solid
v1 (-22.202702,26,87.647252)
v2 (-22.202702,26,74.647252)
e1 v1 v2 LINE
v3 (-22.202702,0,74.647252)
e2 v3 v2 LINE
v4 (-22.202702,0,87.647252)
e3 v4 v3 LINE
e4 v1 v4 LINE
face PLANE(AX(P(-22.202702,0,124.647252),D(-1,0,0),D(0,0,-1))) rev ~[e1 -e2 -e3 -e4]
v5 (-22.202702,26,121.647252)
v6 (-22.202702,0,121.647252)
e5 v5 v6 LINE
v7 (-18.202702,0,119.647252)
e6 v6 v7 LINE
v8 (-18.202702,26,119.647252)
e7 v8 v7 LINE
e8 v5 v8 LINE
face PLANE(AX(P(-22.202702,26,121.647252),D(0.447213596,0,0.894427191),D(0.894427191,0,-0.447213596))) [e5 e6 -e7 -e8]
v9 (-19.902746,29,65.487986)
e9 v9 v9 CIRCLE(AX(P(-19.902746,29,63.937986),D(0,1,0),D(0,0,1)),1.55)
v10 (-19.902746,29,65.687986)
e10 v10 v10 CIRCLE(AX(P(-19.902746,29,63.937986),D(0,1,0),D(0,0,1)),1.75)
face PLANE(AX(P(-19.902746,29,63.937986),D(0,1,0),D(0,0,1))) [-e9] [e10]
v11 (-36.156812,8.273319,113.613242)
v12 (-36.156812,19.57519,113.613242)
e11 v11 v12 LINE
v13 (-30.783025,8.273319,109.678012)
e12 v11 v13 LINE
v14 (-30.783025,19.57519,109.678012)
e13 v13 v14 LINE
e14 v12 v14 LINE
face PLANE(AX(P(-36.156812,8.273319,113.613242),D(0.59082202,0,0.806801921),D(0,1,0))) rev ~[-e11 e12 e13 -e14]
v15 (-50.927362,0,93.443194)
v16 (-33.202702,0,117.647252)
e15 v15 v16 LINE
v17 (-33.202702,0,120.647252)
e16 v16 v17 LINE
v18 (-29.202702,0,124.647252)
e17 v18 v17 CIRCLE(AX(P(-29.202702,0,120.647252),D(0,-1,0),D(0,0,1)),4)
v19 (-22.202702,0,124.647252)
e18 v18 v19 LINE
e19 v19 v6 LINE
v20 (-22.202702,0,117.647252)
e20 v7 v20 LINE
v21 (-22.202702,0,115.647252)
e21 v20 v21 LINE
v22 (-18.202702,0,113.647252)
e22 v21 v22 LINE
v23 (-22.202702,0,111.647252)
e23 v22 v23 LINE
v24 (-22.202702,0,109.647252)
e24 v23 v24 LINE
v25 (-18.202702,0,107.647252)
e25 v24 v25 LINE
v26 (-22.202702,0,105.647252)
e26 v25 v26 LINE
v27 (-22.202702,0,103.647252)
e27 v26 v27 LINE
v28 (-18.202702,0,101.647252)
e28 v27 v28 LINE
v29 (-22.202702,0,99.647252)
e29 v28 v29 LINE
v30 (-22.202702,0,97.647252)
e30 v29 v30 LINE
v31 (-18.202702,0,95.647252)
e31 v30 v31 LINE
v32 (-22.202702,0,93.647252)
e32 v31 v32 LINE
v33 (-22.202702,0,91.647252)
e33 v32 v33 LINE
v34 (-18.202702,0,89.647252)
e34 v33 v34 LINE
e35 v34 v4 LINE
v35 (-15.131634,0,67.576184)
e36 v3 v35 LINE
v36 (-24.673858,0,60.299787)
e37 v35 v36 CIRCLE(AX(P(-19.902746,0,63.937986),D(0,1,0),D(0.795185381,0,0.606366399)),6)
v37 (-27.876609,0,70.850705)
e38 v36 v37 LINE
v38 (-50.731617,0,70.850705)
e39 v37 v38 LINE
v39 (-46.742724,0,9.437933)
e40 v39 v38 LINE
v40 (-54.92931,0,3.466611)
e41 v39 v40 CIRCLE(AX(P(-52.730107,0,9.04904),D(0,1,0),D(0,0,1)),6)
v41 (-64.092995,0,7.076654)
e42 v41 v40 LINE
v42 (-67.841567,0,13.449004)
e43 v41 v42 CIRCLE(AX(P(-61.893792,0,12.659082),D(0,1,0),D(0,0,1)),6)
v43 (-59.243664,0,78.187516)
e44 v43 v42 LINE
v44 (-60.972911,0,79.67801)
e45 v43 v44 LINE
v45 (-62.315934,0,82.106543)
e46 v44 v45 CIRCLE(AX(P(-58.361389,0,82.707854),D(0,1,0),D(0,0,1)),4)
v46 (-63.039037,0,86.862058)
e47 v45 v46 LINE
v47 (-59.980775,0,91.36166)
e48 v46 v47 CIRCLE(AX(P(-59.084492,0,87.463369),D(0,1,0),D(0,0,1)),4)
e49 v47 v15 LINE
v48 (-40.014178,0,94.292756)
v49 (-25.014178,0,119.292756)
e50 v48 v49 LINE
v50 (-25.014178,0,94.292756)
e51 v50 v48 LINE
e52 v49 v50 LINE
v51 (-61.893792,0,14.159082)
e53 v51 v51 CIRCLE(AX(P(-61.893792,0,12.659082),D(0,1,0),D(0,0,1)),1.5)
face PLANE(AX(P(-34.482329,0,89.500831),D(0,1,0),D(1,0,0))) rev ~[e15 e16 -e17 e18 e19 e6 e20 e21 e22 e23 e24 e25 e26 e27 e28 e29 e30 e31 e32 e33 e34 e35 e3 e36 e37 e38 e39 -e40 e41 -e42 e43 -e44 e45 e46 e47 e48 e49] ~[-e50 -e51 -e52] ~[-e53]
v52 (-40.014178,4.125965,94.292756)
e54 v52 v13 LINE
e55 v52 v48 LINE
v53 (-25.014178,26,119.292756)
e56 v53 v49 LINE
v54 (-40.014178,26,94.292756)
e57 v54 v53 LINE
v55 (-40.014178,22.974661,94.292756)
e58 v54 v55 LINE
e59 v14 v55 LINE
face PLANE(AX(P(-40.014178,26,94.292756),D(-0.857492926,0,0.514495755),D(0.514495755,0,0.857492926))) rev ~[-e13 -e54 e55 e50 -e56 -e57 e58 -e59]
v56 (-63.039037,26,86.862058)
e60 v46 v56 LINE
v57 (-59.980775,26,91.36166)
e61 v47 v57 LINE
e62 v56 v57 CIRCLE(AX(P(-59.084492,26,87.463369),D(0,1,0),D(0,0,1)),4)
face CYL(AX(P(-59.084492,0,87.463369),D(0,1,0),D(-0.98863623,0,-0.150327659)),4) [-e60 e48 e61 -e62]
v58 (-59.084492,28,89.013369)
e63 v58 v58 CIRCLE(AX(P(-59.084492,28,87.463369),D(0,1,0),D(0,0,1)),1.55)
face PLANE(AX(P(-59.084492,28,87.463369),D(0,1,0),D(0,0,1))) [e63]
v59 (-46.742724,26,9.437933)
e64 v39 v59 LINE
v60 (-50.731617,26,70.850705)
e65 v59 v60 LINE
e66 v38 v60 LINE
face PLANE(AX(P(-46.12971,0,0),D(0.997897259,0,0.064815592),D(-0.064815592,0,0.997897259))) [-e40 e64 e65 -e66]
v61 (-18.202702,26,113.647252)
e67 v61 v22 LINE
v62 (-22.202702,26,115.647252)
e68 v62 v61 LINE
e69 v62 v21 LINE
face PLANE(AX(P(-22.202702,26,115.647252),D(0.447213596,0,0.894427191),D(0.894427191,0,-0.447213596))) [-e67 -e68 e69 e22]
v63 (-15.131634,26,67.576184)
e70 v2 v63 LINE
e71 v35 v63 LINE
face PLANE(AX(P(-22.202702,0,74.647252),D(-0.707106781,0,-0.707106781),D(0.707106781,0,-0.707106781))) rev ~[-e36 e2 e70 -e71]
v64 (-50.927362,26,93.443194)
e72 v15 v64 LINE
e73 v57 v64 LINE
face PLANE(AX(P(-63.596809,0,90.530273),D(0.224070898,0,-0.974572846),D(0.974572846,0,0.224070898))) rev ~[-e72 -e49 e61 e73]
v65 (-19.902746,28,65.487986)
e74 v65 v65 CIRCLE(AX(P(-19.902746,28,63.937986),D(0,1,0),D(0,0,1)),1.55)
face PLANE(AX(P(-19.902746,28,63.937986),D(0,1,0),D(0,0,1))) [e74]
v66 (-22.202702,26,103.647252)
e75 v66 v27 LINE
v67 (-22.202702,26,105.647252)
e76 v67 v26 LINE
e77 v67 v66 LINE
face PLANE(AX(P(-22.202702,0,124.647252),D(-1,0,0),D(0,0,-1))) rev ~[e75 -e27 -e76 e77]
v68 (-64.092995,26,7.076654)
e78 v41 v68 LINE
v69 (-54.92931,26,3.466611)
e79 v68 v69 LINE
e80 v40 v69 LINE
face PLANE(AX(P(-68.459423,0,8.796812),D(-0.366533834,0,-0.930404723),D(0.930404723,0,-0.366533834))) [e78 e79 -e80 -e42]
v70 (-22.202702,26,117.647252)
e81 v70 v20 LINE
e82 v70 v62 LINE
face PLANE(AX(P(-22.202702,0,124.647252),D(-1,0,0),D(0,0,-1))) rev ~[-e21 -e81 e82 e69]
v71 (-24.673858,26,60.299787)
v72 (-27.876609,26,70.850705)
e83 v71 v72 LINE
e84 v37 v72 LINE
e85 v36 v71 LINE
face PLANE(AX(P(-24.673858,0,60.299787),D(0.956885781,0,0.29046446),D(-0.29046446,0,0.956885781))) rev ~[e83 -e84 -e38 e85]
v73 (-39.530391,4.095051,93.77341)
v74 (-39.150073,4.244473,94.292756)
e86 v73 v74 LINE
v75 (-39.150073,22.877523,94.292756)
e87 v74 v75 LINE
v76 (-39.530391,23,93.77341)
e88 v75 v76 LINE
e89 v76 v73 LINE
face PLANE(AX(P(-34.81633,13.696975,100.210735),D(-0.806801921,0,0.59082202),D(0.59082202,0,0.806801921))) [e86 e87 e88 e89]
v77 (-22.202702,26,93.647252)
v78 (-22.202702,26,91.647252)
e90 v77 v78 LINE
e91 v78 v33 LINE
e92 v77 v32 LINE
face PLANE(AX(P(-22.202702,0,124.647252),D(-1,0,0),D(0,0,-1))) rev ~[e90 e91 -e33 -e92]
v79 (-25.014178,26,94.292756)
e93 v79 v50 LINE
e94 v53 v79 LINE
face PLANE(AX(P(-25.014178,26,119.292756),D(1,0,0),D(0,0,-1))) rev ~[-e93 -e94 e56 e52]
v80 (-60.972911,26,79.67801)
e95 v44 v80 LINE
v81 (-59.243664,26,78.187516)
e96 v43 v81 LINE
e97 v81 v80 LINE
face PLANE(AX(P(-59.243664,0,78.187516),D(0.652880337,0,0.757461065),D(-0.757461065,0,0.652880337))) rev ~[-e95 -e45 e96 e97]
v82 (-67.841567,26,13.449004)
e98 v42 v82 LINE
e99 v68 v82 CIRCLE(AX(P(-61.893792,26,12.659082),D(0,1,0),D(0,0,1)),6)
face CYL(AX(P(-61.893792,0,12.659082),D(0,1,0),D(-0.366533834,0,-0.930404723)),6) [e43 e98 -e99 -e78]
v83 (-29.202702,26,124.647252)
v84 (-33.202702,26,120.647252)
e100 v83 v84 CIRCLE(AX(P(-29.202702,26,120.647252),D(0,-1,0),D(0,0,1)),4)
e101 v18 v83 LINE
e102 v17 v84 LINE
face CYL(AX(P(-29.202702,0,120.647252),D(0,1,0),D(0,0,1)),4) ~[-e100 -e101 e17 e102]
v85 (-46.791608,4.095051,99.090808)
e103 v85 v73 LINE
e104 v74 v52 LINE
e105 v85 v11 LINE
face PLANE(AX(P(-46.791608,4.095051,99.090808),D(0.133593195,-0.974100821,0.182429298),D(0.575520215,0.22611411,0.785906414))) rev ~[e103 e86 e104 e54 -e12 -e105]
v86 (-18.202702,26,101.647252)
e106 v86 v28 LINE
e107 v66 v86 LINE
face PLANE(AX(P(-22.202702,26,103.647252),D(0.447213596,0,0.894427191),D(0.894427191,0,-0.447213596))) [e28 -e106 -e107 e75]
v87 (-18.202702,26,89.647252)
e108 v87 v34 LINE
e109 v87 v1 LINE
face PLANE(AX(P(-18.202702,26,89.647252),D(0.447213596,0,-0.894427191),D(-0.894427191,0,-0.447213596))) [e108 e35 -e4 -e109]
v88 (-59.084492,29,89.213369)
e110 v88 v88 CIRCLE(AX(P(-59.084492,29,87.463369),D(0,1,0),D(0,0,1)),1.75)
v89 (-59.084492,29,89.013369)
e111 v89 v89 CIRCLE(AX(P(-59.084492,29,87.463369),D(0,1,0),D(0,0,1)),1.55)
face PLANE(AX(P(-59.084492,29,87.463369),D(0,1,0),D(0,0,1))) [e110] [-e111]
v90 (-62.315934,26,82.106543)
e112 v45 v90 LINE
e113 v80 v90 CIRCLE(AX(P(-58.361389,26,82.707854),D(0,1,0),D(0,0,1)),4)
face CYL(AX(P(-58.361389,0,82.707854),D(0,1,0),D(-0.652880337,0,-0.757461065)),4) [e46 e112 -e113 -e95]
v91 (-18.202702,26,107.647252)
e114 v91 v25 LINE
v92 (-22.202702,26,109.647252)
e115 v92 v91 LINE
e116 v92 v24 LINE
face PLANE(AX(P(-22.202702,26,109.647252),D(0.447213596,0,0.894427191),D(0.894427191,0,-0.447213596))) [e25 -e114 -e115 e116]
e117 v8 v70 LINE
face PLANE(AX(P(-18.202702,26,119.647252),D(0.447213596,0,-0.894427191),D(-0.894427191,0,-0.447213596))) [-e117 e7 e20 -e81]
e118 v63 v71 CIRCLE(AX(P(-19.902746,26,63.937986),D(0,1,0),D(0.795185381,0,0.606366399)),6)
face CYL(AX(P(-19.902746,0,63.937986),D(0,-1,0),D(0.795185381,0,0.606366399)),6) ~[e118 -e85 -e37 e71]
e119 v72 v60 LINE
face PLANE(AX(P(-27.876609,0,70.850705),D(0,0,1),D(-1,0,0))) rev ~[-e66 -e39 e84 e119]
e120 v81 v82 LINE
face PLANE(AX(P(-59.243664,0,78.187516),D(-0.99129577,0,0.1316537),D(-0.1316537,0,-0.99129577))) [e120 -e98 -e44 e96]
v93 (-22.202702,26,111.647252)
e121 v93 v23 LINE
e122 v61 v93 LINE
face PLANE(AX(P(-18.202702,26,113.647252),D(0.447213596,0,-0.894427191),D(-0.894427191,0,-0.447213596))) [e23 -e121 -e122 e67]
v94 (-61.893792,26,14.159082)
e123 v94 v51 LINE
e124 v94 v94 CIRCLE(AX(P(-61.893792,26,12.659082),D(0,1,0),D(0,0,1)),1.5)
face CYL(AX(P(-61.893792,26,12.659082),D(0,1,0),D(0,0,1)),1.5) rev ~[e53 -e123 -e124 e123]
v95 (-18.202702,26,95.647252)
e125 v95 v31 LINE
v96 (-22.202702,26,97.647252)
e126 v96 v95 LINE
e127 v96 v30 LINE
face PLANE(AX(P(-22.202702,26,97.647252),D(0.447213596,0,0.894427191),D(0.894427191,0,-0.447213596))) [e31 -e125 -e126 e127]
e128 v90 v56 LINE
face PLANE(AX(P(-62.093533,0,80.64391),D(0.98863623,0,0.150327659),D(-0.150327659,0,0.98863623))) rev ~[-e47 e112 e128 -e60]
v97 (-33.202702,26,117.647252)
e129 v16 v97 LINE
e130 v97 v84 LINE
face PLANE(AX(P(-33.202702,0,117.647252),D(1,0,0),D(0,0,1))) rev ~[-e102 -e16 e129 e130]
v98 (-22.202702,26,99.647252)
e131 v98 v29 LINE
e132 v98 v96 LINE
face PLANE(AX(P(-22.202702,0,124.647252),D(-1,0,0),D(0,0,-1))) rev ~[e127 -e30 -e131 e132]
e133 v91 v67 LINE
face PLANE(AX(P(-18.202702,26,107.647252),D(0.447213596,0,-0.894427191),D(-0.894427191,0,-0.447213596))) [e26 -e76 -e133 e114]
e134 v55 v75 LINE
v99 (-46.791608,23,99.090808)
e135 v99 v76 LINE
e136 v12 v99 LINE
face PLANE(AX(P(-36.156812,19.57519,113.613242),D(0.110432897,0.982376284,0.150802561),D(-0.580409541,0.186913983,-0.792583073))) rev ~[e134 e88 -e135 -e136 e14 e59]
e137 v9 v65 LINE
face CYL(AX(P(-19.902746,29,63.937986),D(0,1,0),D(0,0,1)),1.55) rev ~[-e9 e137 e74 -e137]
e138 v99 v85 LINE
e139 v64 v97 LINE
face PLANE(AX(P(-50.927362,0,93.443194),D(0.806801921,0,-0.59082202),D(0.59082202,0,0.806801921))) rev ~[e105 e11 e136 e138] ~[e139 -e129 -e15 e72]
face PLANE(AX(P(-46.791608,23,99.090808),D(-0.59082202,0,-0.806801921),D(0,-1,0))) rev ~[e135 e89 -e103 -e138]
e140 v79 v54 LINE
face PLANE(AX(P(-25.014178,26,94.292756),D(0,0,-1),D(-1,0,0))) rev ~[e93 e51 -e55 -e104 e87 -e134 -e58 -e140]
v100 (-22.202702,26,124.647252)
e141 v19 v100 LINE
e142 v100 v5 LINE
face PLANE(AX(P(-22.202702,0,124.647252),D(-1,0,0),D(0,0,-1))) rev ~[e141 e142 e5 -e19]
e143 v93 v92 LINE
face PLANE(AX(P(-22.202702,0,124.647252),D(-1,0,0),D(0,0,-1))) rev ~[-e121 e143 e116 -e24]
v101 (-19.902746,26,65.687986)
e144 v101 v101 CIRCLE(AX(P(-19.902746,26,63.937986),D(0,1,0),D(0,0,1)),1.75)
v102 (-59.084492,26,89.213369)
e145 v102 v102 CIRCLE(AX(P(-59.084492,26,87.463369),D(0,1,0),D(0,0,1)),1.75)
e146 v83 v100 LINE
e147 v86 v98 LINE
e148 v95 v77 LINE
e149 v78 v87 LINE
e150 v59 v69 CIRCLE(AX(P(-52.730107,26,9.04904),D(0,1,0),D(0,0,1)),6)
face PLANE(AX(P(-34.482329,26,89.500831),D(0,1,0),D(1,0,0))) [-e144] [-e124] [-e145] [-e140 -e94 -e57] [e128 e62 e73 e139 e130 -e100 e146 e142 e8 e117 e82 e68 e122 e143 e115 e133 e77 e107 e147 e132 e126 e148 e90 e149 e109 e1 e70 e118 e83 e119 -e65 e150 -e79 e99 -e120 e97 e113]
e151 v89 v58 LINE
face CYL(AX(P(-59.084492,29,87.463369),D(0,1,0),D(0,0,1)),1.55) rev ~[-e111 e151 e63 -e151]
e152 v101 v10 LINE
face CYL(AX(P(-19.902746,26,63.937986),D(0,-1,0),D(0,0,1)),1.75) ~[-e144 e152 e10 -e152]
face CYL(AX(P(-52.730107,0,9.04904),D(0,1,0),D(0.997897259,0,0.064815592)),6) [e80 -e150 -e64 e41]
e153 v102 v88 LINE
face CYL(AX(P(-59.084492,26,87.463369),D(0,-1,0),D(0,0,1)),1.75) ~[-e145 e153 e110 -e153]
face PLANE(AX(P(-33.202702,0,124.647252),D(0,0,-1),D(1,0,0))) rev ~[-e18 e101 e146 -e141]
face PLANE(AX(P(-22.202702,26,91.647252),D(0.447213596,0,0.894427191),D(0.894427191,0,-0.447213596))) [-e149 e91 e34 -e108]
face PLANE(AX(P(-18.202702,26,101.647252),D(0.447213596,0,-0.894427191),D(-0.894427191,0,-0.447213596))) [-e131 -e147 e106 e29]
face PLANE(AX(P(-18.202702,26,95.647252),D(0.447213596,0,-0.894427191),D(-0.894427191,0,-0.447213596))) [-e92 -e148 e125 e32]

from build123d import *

# Parameters (mm, degrees)
BOSS_EXTRUDE1_DEPTH = 26
FILLET1_R           = 6
FILLET2_R           = 4
BOSS_EXTRUDE2_DEPTH = 26
LPATTERN1_COUNT     = 6
LPATTERN1_PITCH     = 6
CUT_EXTRUDE1_DEPTH  = 145.300050087
CUT_EXTRUDE2_DEPTH  = 9
SKETCH5_R           = 1.5
CUT_EXTRUDE3_DEPTH  = 145.300050087
SKETCH6_R           = 1.75
BOSS_EXTRUDE4_DEPTH = 3
SKETCH7_R           = 1.55
CUT_EXTRUDE4_DEPTH  = 1
SKETCH8_R           = 1.55
CUT_EXTRUDE9_DEPTH  = 1


with BuildPart() as part:
    # Sketch1 → Boss-Extrude1 (new body)
    with BuildSketch(Plane(origin=(0, 0, 0), x_dir=(1, 0, 0), z_dir=(0, 1, 0))):
        with BuildLine():
            Line((-50.731616693, -70.850705373), (-59.243664017, -78.187515911))
            Line((-59.243664017, -78.187515911), (-62.093532673, -80.643910429))
            Line((-62.093532673, -80.643910429), (-63.59680926, -90.530272728))
            Line((-63.59680926, -90.530272728), (-50.927362258, -93.443194403))
            Line((-50.927362258, -93.443194403), (-33.202701652, -117.647252046))
            Line((-33.202701652, -117.647252046), (-33.202701652, -124.647252046))
            Line((-33.202701652, -124.647252046), (-22.202701652, -124.647252046))
            Line((-22.202701652, -124.647252046), (-22.202701652, -74.647252046))
            Line((-22.202701652, -74.647252046), (-15.131633841, -67.576184234))
            ThreePointArc((-15.131633841, -67.576184234), (-16.26454773, -59.166873554), (-24.673858411, -60.299787444))
            Line((-24.673858411, -60.299787444), (-27.876609184, -70.850705373))
            Line((-27.876609184, -70.850705373), (-50.731616693, -70.850705373))
        make_face()
        Polygon((-50.731616693, -70.850705373), (-59.243664017, -78.187515911), (-68.459423033, -8.796812025), (-46.129709685, 0), align=None)
    extrude(amount=BOSS_EXTRUDE1_DEPTH)

    # Fillet1
    fillet1_edges = [part.edges().sort_by_distance(p)[0] for p in [
        (-68.459423033, 13, 8.796812025),
        (-46.129709685, 13, 0),
    ]]
    fillet(fillet1_edges, radius=FILLET1_R)

    # Fillet2
    fillet2_edges = [part.edges().sort_by_distance(p)[0] for p in [
        (-33.202701652, 13, 124.647252046),
        (-63.59680926, 13, 90.530272728),
        (-62.093532673, 13, 80.643910429),
    ]]
    fillet(fillet2_edges, radius=FILLET2_R)

    # Sketch2 → Boss-Extrude2 (add)
    with BuildSketch(Plane(origin=(0, 26, 0), x_dir=(1, 0, 0), z_dir=(0, 1, 0))):
        Polygon((-22.202701652, -119.647252046), (-22.202701652, -121.647252046), (-18.202701652, -119.647252046), align=None)
        Polygon((-22.202701652, -117.647252046), (-22.202701652, -119.647252046), (-18.202701652, -119.647252046), align=None)
    boss_extrude2 = extrude(amount=-BOSS_EXTRUDE2_DEPTH)

    # LPattern1: Boss-Extrude2 ×6
    with Locations(*[(0, 0, -i * LPATTERN1_PITCH) for i in range(1, LPATTERN1_COUNT)]):
        add(boss_extrude2)

    # Sketch3 → Cut-Extrude1 (cut, through all)
    with BuildSketch(Plane(origin=(0, 26, 0), x_dir=(1, 0, 0), z_dir=(0, 1, 0))):
        Polygon((-25.014177768, -119.292756392), (-25.014177768, -94.292756392), (-40.014177768, -94.292756392), align=None)
    extrude(amount=-CUT_EXTRUDE1_DEPTH, mode=Mode.SUBTRACT)

    # Sketch4 → Cut-Extrude2 (cut)
    with BuildSketch(Plane(origin=(-77.692274337, 0, 56.894146205), x_dir=(0.5908220201984185, 0, 0.8068019214458154), z_dir=(-0.8068019214458154, 0, 0.5908220201984185))):
        Polygon((52.301141737, 23), (52.301141737, 4.095051152), (70.301141737, 8.273318832), (70.301141737, 19.575190426), align=None)
    extrude(amount=-CUT_EXTRUDE2_DEPTH, mode=Mode.SUBTRACT)

    # Sketch5 → Cut-Extrude3 (cut, through all)
    with BuildSketch(Plane(origin=(0, 26, 0), x_dir=(1, 0, 0), z_dir=(0, 1, 0))):
        with Locations(Location((-61.893792149, -12.659081905, 0), (0, 0, 270))):
            Circle(SKETCH5_R)
    extrude(amount=-CUT_EXTRUDE3_DEPTH, mode=Mode.SUBTRACT)

    # Sketch6 → Boss-Extrude4 (add)
    with BuildSketch(Plane(origin=(0, 26, 0), x_dir=(1, 0, 0), z_dir=(0, 1, 0))):
        with Locations(Location((-59.084491881, -87.463369105, 0), (0, 0, 270))):
            Circle(SKETCH6_R)
        with Locations(Location((-19.902746126, -63.937985839, 0), (0, 0, 270))):
            Circle(SKETCH6_R)
    extrude(amount=BOSS_EXTRUDE4_DEPTH)

    # Sketch7 → Cut-Extrude4 (cut)
    with BuildSketch(Plane(origin=(0, 29, 0), x_dir=(1, 0, 0), z_dir=(0, 1, 0))):
        with Locations(Location((-59.084491881, -87.463369105, 0), (0, 0, 270))):
            Circle(SKETCH7_R)
    extrude(amount=-CUT_EXTRUDE4_DEPTH, mode=Mode.SUBTRACT)

    # Sketch8 → Cut-Extrude9 (cut)
    with BuildSketch(Plane(origin=(0, 29, 0), x_dir=(1, 0, 0), z_dir=(0, 1, 0))):
        with Locations(Location((-19.902746126, -63.937985839, 0), (0, 0, 270))):
            Circle(SKETCH8_R)
    extrude(amount=-CUT_EXTRUDE9_DEPTH, mode=Mode.SUBTRACT)


solid = part.part
